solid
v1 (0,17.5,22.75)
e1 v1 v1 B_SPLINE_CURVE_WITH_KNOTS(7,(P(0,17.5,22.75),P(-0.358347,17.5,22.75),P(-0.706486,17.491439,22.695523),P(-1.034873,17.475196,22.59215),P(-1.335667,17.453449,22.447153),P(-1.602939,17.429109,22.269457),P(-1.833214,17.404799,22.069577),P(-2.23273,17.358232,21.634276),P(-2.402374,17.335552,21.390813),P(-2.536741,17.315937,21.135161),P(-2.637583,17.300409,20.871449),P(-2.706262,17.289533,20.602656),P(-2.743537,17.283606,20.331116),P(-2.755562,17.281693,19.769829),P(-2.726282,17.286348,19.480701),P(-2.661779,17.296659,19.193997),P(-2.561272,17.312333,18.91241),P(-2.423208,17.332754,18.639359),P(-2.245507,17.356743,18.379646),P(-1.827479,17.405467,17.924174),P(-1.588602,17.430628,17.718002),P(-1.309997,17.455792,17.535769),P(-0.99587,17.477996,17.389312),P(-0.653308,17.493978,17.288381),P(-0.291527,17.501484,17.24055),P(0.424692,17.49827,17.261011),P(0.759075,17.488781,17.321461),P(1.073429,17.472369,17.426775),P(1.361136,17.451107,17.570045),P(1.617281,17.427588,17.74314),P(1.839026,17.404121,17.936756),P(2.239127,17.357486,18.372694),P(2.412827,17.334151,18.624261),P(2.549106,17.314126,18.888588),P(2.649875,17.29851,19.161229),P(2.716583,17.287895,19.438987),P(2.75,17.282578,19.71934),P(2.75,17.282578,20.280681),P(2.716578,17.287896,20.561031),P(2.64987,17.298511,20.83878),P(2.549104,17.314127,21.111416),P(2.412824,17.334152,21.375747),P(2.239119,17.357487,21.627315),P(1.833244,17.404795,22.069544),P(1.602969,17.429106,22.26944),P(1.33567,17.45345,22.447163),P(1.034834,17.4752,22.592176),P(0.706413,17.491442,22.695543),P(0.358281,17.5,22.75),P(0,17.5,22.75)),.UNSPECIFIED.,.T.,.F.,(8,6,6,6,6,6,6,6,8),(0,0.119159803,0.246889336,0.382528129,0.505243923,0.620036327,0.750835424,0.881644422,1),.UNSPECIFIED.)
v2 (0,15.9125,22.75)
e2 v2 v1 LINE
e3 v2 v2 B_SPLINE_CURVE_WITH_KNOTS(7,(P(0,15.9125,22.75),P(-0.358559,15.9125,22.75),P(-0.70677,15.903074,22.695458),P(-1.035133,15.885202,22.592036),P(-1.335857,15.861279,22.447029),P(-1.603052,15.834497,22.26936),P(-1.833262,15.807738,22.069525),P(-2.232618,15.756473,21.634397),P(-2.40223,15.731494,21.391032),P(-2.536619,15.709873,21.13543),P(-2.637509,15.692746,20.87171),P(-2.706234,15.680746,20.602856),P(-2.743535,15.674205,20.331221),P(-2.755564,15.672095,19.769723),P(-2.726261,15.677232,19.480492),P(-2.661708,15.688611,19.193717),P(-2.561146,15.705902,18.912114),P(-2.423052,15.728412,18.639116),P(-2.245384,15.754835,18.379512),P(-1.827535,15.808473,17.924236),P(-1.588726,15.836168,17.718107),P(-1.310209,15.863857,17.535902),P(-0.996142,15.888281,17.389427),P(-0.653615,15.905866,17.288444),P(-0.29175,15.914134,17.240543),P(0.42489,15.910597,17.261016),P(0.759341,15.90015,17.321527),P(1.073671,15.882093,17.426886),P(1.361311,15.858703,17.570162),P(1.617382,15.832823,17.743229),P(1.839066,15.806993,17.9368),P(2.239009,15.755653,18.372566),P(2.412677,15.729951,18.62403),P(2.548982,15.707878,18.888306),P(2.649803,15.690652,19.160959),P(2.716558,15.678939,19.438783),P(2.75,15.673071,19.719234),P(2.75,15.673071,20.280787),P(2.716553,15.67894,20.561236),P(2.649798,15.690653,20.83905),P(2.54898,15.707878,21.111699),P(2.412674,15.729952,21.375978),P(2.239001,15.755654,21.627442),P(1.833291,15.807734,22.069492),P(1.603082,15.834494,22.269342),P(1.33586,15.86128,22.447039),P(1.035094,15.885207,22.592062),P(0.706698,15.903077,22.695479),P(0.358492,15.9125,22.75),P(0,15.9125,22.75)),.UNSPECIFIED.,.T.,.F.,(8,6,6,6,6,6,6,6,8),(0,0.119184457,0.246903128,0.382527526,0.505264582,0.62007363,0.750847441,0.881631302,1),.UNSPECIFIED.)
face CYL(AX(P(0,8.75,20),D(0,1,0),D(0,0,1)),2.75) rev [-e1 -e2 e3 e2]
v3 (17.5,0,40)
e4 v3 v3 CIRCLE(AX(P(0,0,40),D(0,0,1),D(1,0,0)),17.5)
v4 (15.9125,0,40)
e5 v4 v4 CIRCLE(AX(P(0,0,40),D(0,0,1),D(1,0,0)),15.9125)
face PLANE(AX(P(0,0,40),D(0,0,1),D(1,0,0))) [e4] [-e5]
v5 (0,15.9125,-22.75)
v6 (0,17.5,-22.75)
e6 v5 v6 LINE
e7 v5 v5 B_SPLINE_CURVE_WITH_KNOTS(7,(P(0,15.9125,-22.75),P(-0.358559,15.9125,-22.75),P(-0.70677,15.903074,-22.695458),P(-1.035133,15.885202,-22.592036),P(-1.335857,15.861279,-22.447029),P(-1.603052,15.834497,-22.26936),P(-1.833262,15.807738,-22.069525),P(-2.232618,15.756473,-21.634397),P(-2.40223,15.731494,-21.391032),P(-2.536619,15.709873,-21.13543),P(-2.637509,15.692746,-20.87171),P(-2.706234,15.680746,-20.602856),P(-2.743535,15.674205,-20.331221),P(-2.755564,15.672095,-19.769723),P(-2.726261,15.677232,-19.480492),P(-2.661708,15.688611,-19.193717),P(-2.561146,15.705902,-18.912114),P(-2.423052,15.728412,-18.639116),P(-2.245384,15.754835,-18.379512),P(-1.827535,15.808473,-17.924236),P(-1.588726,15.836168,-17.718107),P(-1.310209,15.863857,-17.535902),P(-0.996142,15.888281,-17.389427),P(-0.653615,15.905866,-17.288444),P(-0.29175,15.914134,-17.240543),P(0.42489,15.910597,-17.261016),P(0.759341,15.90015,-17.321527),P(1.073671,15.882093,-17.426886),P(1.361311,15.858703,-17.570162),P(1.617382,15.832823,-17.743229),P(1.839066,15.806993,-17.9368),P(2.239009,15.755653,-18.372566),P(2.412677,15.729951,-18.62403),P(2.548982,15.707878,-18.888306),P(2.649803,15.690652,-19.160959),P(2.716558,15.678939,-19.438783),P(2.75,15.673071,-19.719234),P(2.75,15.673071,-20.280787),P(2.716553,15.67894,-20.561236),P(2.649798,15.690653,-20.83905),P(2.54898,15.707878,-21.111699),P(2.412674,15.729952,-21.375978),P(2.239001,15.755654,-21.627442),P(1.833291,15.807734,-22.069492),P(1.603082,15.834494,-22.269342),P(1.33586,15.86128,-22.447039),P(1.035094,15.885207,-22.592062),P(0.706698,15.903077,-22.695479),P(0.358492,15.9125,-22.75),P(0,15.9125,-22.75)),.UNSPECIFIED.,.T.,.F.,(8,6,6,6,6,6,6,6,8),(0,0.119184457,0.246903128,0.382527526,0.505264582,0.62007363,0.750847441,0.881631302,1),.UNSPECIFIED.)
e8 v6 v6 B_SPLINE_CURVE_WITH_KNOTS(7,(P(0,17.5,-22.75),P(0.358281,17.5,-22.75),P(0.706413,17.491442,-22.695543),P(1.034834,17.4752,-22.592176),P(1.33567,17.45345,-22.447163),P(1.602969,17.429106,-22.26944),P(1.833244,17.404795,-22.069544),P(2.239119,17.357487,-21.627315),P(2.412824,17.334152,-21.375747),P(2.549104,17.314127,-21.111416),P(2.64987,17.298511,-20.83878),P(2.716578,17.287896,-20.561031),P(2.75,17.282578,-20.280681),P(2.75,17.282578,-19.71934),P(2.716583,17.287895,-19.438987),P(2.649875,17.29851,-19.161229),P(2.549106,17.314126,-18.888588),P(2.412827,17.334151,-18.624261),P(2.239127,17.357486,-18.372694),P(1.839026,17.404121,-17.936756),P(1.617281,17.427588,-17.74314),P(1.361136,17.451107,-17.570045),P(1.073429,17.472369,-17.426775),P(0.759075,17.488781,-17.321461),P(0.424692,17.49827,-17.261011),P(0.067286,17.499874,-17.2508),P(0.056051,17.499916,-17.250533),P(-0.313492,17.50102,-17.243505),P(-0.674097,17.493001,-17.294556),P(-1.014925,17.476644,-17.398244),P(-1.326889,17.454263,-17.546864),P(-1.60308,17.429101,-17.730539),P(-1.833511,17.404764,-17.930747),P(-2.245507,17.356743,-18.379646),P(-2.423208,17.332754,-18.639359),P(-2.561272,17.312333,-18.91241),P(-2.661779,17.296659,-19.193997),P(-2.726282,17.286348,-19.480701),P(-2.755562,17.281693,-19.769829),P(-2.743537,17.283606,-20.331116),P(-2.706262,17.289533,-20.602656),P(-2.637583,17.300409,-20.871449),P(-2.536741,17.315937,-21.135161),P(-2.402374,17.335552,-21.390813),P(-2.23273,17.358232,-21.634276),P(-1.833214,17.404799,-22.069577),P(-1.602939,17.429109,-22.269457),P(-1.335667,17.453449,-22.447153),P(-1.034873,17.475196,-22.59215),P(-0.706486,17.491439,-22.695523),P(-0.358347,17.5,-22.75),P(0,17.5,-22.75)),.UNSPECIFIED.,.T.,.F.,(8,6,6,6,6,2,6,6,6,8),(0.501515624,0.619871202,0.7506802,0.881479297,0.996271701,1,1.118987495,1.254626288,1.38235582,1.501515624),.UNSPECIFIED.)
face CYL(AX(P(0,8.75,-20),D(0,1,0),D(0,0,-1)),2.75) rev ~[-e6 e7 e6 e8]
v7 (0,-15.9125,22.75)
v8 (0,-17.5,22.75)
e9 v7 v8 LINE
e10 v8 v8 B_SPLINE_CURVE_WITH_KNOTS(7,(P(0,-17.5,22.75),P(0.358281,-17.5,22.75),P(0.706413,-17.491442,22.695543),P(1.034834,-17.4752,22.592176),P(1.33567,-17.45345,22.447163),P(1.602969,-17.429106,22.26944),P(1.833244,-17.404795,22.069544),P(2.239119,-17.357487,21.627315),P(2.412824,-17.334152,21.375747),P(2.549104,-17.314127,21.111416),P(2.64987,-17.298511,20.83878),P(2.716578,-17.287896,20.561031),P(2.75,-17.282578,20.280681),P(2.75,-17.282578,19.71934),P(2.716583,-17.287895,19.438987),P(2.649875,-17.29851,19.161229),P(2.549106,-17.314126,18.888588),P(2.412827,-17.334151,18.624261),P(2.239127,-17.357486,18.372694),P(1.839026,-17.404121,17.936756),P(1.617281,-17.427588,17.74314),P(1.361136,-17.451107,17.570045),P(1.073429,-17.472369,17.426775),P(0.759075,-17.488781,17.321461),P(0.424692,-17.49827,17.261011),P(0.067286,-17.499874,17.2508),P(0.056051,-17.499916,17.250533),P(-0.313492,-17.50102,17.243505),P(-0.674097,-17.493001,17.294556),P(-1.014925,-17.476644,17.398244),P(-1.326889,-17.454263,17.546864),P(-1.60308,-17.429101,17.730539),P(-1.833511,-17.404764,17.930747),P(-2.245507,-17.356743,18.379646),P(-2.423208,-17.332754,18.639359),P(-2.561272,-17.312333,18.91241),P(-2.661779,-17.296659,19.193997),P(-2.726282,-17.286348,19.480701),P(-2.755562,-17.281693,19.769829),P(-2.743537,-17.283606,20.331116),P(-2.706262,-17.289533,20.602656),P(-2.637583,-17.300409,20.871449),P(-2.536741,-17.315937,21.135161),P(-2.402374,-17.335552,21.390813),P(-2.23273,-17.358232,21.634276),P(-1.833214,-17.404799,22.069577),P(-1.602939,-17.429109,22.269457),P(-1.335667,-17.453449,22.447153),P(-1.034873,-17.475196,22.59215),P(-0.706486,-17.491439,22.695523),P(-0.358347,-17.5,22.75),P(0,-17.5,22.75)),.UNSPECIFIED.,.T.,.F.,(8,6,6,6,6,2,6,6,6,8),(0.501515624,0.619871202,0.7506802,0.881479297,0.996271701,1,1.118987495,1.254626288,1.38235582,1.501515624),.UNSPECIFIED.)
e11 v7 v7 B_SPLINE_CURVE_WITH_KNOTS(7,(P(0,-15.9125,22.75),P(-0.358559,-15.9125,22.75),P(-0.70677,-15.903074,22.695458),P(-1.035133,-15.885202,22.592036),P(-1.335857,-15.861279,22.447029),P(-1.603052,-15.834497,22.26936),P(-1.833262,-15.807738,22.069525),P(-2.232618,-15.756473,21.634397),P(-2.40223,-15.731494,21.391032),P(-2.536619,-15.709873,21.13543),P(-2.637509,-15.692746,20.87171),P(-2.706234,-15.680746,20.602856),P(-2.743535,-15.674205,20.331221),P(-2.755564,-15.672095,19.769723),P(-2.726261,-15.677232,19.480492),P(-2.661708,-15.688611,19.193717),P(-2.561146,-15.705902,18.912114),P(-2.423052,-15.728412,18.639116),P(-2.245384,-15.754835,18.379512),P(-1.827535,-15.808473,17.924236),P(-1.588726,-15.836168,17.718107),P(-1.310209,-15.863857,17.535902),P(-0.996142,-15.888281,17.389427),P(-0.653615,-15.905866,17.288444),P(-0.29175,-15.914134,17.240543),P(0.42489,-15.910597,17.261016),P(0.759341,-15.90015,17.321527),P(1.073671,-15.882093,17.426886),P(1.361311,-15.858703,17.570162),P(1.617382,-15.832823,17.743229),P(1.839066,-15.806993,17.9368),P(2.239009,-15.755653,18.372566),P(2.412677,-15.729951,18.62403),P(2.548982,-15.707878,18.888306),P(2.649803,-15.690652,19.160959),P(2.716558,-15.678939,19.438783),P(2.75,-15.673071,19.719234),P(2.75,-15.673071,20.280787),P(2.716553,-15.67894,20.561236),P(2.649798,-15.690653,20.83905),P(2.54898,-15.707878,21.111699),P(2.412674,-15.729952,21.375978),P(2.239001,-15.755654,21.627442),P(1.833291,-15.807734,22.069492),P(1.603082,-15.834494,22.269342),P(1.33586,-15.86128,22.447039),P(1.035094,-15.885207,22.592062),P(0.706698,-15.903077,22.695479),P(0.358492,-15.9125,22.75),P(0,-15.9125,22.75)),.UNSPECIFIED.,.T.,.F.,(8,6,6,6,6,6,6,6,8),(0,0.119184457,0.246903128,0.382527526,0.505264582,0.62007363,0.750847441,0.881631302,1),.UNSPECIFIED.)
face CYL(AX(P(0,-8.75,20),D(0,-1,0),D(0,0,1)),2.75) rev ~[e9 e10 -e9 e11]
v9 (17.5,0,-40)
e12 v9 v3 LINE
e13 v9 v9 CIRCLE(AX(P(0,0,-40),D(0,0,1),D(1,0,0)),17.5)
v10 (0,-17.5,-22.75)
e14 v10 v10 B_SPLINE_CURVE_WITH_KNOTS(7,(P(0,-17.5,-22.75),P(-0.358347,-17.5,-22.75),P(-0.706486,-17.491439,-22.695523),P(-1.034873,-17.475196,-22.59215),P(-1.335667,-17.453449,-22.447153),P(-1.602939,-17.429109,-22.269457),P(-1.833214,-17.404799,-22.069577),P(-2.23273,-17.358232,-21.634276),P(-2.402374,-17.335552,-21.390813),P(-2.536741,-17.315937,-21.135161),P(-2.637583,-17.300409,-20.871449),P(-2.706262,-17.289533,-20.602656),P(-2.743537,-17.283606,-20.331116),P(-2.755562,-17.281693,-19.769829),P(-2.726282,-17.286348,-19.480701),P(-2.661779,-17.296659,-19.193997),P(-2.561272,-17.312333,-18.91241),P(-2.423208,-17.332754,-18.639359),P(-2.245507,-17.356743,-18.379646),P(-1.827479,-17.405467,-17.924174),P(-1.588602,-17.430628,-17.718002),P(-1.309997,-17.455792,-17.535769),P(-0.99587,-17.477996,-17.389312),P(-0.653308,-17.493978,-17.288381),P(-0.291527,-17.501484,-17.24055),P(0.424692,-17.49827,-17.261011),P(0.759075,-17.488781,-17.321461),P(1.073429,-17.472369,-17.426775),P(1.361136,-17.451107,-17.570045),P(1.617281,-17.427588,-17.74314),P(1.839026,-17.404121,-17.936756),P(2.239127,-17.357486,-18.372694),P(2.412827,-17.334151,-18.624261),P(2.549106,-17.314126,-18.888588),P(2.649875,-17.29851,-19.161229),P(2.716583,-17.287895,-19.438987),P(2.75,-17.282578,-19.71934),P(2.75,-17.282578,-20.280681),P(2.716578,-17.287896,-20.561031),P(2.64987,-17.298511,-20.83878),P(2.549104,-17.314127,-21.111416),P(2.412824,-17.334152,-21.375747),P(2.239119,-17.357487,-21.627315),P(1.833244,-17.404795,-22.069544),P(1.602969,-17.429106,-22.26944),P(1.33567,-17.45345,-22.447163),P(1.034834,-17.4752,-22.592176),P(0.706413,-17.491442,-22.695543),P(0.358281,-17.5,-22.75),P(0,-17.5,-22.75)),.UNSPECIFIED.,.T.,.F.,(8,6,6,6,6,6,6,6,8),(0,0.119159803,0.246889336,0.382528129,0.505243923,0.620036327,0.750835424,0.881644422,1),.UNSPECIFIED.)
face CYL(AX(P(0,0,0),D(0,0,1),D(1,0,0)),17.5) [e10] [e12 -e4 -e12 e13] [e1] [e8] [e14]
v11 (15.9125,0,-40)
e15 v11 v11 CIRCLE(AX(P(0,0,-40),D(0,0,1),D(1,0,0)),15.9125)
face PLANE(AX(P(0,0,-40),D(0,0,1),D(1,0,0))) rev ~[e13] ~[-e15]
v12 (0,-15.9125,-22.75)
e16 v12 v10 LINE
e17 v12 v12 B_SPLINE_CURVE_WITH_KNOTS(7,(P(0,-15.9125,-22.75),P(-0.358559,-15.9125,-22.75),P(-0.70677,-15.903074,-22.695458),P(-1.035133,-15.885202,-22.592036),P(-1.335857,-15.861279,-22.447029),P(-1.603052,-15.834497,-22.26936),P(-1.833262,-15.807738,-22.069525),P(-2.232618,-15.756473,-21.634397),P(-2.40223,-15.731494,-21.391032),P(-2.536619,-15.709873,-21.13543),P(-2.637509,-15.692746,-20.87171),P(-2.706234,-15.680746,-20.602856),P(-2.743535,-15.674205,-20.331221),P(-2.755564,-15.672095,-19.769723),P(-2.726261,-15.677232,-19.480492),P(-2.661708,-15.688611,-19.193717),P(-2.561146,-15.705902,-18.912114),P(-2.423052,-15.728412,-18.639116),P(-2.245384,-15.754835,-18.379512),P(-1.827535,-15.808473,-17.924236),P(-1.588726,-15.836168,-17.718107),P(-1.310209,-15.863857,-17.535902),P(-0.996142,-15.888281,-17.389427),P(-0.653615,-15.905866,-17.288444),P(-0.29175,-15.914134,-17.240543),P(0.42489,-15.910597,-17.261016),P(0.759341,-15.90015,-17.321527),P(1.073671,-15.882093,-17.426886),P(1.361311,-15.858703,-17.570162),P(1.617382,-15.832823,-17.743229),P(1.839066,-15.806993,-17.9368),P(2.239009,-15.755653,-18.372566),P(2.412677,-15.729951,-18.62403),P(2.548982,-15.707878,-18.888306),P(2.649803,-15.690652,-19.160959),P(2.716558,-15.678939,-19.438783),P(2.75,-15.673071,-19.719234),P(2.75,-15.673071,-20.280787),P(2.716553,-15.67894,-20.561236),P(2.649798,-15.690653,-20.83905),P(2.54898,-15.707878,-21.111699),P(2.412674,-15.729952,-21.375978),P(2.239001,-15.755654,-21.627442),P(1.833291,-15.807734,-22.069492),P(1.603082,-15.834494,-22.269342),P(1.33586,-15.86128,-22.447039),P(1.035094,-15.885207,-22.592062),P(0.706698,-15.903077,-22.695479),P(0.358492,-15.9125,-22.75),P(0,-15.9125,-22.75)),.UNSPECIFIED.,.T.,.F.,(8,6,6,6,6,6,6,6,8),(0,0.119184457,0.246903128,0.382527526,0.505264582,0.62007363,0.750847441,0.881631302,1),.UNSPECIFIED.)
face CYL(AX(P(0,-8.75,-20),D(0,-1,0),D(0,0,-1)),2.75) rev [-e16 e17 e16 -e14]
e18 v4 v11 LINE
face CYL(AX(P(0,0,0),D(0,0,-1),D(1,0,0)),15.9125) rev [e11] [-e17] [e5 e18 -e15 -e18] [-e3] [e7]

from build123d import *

# Parameters (mm, degrees)
SKETCH1_R                                  = 17.5
SKETCH1_R_2                                = 15.9125
BOSS_EXTRUDE1_DEPTH                        = 40
SKETCH5_W                                  = 2.75
SKETCH5_H                                  = 17.5
MIRROR1_AT_THE_SECOND_PLANE_COPY_1_SKETC_W = 2.75
MIRROR1_AT_THE_SECOND_PLANE_COPY_1_SKETC_H = 17.5


with BuildPart() as part:
    # Sketch1 → Boss-Extrude1 (new body, symmetric)
    with BuildSketch(Plane.XY):
        Circle(SKETCH1_R)
        Circle(SKETCH1_R_2, mode=Mode.SUBTRACT)
    extrude(amount=BOSS_EXTRUDE1_DEPTH, both=True)

    # Sketch5 → M5 Clearance Hole1 (revolve, cut)
    with BuildSketch(Plane(origin=(0, 0, -20), x_dir=(0, 0, -1), z_dir=(1, 0, 0))):
        with Locations((1.375, 8.75)):
            Rectangle(SKETCH5_W, SKETCH5_H)
    m5_clearance_hole1 = revolve(axis=Axis((0, -6.35, -20), (0, 1, 0)), mode=Mode.SUBTRACT)

    # Mirror1: M5 Clearance Hole1 across plane
    add(m5_clearance_hole1.mirror(Plane.XY), mode=Mode.SUBTRACT)

    # Mirror1 at the second plane: M5 Clearance Hole1 across plane
    add(m5_clearance_hole1.mirror(Plane.ZX), mode=Mode.SUBTRACT)

    # Mirror1 at the second plane copy 1 sketc → Mirror1 at the second plane copy 1 (revolve, cut)
    with BuildSketch(Plane(origin=(0, 0, 20), x_dir=(0, 0, 1), z_dir=(1, 0, 0))):
        with Locations((1.375, 8.75)):
            Rectangle(MIRROR1_AT_THE_SECOND_PLANE_COPY_1_SKETC_W, MIRROR1_AT_THE_SECOND_PLANE_COPY_1_SKETC_H)
    revolve(axis=Axis((0, 6.35, 20), (0, -1, 0)), mode=Mode.SUBTRACT)


solid = part.part
